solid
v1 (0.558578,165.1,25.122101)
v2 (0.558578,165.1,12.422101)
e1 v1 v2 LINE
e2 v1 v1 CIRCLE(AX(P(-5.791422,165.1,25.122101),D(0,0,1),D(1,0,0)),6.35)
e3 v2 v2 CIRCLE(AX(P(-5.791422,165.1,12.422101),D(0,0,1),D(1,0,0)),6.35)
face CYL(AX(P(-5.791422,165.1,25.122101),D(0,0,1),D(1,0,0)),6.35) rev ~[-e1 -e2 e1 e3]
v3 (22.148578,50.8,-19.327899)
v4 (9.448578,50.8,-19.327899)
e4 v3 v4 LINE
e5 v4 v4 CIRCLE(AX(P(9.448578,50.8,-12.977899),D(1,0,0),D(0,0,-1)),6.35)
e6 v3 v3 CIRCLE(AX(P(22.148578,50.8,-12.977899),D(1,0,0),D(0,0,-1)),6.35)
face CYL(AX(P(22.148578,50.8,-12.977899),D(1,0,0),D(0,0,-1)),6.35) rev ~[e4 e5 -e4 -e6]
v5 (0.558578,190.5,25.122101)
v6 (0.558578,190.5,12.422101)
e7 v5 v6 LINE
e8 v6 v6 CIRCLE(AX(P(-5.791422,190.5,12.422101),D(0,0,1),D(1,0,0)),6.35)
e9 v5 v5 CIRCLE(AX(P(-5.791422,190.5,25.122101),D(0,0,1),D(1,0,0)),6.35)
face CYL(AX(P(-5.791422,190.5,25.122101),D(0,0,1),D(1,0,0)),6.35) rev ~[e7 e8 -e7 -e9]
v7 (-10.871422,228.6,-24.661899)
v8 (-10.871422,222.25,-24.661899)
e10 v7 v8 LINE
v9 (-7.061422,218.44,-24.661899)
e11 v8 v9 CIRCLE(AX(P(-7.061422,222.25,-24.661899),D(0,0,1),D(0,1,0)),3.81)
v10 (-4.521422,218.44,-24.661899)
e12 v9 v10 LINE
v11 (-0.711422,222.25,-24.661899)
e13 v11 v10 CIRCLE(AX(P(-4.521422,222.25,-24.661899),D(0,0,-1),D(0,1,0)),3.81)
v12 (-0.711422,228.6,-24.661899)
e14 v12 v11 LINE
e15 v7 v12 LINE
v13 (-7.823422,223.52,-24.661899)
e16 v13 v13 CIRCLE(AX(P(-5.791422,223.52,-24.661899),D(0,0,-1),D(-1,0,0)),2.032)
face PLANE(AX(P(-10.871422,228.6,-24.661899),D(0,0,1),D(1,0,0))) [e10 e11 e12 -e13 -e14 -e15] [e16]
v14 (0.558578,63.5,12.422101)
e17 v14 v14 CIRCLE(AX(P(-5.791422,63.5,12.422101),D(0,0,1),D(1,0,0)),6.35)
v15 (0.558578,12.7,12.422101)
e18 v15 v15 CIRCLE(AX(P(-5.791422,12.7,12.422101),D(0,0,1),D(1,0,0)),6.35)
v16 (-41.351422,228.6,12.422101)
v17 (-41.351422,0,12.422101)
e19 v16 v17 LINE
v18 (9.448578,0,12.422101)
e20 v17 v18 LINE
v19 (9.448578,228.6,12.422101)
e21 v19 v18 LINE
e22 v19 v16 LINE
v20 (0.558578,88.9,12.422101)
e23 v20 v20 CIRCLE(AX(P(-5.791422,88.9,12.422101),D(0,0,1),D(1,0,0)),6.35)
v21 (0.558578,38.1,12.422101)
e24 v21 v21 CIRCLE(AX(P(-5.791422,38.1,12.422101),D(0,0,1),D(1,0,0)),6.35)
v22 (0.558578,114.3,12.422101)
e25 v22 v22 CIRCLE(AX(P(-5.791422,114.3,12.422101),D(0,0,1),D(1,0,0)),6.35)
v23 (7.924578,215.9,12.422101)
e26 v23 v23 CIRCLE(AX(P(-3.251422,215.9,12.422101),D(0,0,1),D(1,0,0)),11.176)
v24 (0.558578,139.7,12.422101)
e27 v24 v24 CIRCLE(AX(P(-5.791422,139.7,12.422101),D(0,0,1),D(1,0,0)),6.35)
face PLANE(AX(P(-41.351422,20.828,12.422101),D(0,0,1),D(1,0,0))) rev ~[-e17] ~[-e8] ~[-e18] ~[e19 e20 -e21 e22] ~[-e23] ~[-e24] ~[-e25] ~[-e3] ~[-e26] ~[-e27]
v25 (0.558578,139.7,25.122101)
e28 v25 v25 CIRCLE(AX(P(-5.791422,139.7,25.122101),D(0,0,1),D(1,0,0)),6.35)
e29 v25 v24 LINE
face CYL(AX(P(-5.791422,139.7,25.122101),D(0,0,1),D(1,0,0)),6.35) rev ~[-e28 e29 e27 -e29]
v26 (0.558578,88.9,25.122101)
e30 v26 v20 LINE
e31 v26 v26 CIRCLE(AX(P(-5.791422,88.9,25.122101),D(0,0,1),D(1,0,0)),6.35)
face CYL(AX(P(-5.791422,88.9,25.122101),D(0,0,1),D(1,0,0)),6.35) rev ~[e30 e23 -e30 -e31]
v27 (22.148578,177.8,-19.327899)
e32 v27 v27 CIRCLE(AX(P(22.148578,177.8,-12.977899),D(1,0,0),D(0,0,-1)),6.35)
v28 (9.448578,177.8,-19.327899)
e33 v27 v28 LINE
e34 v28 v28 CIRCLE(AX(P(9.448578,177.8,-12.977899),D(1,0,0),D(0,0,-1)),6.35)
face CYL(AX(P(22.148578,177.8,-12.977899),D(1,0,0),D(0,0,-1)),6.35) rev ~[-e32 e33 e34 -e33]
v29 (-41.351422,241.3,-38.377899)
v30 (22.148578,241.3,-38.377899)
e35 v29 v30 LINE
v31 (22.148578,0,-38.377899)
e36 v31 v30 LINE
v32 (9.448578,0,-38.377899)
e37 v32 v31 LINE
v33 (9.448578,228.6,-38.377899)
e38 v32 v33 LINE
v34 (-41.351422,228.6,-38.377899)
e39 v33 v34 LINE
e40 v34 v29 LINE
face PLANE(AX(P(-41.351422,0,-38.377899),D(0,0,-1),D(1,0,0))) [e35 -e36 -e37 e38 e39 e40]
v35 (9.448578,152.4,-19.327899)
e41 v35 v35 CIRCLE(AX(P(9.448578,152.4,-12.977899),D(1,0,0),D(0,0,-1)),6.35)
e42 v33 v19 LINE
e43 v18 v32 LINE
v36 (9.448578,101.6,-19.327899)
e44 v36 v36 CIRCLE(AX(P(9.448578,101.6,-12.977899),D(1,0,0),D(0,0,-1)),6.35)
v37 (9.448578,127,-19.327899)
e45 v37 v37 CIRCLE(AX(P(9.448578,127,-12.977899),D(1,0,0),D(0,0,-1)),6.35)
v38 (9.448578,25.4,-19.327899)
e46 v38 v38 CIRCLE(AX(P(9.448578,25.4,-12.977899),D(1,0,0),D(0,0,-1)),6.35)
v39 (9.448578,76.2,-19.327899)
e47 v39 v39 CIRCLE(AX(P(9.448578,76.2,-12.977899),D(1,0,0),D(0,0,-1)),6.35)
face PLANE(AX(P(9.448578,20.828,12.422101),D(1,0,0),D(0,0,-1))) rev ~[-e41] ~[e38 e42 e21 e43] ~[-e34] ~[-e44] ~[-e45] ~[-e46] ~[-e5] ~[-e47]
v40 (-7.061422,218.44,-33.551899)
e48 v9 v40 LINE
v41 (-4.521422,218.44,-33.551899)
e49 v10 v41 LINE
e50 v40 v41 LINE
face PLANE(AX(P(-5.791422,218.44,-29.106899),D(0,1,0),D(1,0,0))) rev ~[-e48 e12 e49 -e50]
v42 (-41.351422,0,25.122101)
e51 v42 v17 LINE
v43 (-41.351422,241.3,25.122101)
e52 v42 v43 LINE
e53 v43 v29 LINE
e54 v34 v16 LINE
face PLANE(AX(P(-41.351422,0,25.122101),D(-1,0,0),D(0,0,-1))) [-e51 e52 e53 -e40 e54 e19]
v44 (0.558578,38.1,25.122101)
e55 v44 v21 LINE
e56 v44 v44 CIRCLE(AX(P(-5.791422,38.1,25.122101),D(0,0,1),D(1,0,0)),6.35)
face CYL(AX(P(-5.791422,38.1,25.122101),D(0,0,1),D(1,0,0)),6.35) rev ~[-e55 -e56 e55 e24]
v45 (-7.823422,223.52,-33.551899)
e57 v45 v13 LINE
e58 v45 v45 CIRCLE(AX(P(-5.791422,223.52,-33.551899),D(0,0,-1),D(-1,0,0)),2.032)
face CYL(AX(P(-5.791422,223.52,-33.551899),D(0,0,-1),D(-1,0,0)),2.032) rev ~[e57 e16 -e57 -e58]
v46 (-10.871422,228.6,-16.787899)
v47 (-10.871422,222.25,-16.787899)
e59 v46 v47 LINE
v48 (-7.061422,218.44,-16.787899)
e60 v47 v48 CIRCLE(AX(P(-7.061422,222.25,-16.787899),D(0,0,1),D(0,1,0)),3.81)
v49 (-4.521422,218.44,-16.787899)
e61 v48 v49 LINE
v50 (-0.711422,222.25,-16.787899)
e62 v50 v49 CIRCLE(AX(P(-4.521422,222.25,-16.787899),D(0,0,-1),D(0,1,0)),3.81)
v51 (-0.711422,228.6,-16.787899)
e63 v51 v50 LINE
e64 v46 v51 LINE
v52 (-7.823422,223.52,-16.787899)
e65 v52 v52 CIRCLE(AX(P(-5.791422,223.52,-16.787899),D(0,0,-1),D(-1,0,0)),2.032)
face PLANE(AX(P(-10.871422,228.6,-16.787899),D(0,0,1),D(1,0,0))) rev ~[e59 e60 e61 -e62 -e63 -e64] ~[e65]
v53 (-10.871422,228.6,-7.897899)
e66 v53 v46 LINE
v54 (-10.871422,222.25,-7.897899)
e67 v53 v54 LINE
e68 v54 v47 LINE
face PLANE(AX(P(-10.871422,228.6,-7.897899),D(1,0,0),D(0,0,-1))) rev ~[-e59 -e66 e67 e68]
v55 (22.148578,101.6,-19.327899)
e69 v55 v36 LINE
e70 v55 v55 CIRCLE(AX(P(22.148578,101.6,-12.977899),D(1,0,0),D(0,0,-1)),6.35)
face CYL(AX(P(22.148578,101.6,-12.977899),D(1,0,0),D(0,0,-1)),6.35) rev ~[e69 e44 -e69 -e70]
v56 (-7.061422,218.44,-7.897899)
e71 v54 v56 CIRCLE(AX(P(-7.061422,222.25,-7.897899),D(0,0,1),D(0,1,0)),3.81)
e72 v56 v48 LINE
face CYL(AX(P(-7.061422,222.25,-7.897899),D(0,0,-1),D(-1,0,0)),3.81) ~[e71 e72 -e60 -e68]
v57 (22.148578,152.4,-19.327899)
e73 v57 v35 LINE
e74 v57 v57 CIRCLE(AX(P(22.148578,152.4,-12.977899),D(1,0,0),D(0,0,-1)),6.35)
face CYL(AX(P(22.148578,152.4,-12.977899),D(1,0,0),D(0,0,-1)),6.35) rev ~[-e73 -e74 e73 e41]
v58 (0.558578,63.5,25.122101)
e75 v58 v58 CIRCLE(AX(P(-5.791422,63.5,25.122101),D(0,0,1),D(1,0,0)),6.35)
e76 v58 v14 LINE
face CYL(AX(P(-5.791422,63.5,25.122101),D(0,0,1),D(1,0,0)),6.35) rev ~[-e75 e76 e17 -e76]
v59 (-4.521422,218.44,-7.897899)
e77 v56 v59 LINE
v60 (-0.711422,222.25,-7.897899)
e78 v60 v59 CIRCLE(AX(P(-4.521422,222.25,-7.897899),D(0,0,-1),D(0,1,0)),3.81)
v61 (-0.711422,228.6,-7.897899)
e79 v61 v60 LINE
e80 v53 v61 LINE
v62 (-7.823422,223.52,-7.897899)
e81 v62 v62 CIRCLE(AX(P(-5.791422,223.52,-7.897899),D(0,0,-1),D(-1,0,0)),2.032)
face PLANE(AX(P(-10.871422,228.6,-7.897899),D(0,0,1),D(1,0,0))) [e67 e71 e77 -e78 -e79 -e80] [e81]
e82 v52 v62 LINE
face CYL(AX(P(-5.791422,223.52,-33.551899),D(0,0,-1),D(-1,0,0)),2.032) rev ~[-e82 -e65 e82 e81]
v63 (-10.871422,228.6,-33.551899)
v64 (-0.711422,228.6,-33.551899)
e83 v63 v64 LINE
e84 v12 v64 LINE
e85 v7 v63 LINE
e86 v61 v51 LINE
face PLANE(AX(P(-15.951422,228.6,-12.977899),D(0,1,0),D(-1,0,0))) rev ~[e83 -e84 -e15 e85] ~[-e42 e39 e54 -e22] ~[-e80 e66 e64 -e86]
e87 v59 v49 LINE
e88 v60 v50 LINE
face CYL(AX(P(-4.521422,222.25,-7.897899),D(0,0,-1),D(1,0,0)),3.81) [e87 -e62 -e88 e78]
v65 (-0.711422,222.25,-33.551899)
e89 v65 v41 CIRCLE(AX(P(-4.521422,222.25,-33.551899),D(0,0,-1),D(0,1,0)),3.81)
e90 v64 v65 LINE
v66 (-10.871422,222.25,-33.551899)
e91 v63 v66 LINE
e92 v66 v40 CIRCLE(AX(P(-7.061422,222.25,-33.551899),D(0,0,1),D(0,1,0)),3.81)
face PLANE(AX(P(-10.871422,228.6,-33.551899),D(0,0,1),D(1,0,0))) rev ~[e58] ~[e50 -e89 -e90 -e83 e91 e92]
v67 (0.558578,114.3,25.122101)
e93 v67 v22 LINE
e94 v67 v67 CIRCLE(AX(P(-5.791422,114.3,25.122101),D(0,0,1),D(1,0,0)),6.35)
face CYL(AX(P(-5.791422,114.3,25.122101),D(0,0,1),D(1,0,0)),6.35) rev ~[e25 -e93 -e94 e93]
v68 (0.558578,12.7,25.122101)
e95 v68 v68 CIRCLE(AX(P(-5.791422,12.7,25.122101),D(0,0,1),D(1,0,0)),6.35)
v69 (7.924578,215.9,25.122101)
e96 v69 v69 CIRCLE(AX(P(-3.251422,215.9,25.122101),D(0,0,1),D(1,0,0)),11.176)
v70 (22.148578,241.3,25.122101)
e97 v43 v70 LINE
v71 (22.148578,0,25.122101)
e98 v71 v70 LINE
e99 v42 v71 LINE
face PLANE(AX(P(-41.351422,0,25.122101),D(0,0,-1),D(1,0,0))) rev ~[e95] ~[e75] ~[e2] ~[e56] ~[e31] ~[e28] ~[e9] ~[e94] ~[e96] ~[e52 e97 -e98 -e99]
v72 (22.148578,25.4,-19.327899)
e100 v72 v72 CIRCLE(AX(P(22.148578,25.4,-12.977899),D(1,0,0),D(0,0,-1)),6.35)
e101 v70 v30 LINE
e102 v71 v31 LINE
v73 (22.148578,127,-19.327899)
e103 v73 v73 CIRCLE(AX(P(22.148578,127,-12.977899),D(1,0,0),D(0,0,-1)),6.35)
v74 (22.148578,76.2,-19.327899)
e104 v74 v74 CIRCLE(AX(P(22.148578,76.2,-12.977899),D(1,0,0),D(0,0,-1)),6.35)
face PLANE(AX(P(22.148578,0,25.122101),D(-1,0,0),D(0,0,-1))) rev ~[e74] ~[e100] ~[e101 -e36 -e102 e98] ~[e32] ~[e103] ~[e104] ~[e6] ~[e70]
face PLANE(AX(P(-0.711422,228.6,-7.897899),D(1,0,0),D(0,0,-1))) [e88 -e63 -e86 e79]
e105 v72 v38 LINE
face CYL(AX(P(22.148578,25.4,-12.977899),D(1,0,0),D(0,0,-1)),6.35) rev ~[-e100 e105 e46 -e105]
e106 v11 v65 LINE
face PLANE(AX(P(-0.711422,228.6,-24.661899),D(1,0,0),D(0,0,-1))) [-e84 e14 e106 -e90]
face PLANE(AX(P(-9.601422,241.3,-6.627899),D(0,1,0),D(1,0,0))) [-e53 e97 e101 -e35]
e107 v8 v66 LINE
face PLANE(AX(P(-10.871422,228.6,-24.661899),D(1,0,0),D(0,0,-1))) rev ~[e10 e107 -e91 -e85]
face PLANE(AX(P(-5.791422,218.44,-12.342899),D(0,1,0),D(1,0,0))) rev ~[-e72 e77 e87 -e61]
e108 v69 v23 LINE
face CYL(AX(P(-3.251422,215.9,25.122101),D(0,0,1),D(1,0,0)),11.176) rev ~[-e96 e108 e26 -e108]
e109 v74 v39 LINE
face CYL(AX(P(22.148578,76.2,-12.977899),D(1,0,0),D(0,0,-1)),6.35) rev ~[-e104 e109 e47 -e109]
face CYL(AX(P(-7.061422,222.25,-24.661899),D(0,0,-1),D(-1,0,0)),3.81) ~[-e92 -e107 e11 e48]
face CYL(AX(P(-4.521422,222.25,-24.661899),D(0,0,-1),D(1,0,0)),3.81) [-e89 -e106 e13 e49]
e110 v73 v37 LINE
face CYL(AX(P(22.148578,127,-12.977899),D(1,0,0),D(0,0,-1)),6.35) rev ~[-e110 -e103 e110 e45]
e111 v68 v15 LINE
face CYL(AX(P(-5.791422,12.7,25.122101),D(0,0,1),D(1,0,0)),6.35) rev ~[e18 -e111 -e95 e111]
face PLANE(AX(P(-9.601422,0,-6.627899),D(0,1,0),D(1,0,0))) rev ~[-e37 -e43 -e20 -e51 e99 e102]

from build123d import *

# Parameters (mm, degrees)
SKETCH2_W           = 63.5
SKETCH2_H           = 63.5
BOSS_EXTRUDE1_DEPTH = 241.3
SKETCH4_W           = 50.8
SKETCH4_H           = 50.8
CUT_EXTRUDE1_DEPTH  = 95.25
SKETCH5_R           = 6.35
CUT_EXTRUDE2_DEPTH  = 64.5
SKETCH6_R           = 6.35
CUT_EXTRUDE3_DEPTH  = 12.7
CUT_EXTRUDE4_DEPTH  = 21.828
CUT_EXTRUDE8_START  = -17.272
CUT_EXTRUDE8_DEPTH  = 17.272
SKETCH43_W          = 10.16
SKETCH43_H          = 8.89
BOSS_EXTRUDE4_DEPTH = 10.16
SKETCH46_R          = 2.032
CUT_EXTRUDE10_DEPTH = 58.674
FILLET6_R           = 3.81
SKETCH48_R          = 11.176
CUT_EXTRUDE12_DEPTH = 12.7


with BuildPart() as part:
    # Sketch2 → Boss-Extrude1 (new body)
    with BuildSketch(Plane(origin=(0, 0, 0), x_dir=(1, 0, 0), z_dir=(0, 1, 0))):
        with Locations((-9.601422319, 6.627899344)):
            Rectangle(SKETCH2_W, SKETCH2_H)
    extrude(amount=BOSS_EXTRUDE1_DEPTH)

    # Sketch4 → Cut-Extrude1 (cut, symmetric)
    with BuildSketch(Plane(origin=(0, 116.078, 0), x_dir=(1, 0, 0), z_dir=(0, 1, 0))):
        with Locations((-15.951422319, 12.977899344)):
            Rectangle(SKETCH4_W, SKETCH4_H)
    extrude(amount=CUT_EXTRUDE1_DEPTH, both=True, mode=Mode.SUBTRACT)

    # Sketch5 → Cut-Extrude2 (cut, through all)
    with BuildSketch(Plane.XY.offset(25.122100656)):
        with Locations((-5.791422319, 12.7)):
            Circle(SKETCH5_R)
        with Locations((-5.791422319, 38.1)):
            Circle(SKETCH5_R)
        with Locations((-5.791422319, 63.5)):
            Circle(SKETCH5_R)
        with Locations((-5.791422319, 88.9)):
            Circle(SKETCH5_R)
        with Locations((-5.791422319, 114.3)):
            Circle(SKETCH5_R)
        with Locations((-5.791422319, 139.7)):
            Circle(SKETCH5_R)
        with Locations((-5.791422319, 165.1)):
            Circle(SKETCH5_R)
        with Locations((-5.791422319, 190.5)):
            Circle(SKETCH5_R)
    extrude(amount=-CUT_EXTRUDE2_DEPTH, mode=Mode.SUBTRACT)

    # Sketch6 → Cut-Extrude3 (cut)
    with BuildSketch(Plane(origin=(22.148577681, 0, 0), x_dir=(0, 0, -1), z_dir=(1, 0, 0))):
        with Locations((12.977899344, 25.4)):
            Circle(SKETCH6_R)
        with Locations((12.977899344, 50.8)):
            Circle(SKETCH6_R)
        with Locations((12.977899344, 76.2)):
            Circle(SKETCH6_R)
        with Locations((12.977899344, 101.6)):
            Circle(SKETCH6_R)
        with Locations((12.977899344, 127)):
            Circle(SKETCH6_R)
        with Locations((12.977899344, 152.4)):
            Circle(SKETCH6_R)
        with Locations((12.977899344, 177.8)):
            Circle(SKETCH6_R)
    extrude(amount=-CUT_EXTRUDE3_DEPTH, mode=Mode.SUBTRACT)

    # Sketch7 → Cut-Extrude4 (cut, through all)
    with BuildSketch(Plane(origin=(0, 20.828, 0), x_dir=(1, 0, 0), z_dir=(0, 1, 0))):
        Polygon((-41.351422319, 38.377899344), (9.448577681, 38.377899344), (9.448577681, 0.277899344), (9.448577681, -12.422100656), (-3.251422319, -12.422100656), (-41.351422319, -12.422100656), align=None)
    extrude(amount=-CUT_EXTRUDE4_DEPTH, mode=Mode.SUBTRACT)

    # Sketch42 → Cut-Extrude8 (cut)
    with BuildSketch(Plane.XZ.offset(-211.328).offset(CUT_EXTRUDE8_START)):
        Polygon((-3.251422319, 12.422100656), (9.448577681, 12.422100656), (9.448577681, -0.277899344), (9.448577681, -38.377899344), (-41.351422319, -38.377899344), (-41.351422319, 12.422100656), align=None)
    extrude(amount=CUT_EXTRUDE8_DEPTH, mode=Mode.SUBTRACT)

    # Sketch43 → Boss-Extrude4 (add)
    with BuildSketch(Plane(origin=(0, 228.6, 0), x_dir=(1, 0, 0), z_dir=(0, 1, 0))):
        with Locations((-5.791422319, 29.106899344)):
            Rectangle(SKETCH43_W, SKETCH43_H)
        with Locations((-5.791422319, 12.342899344)):
            Rectangle(SKETCH43_W, SKETCH43_H)
    extrude(amount=-BOSS_EXTRUDE4_DEPTH)

    # Sketch46 → Cut-Extrude10 (cut)
    with BuildSketch(Plane(origin=(0, 0, -33.551899344), x_dir=(-1, 0, 0), z_dir=(0, 0, -1))):
        with Locations((5.791422319, 223.52)):
            Circle(SKETCH46_R)
    extrude(amount=-CUT_EXTRUDE10_DEPTH, mode=Mode.SUBTRACT)

    # Fillet6
    fillet6_edges = [part.edges().sort_by_distance(p)[0] for p in [
        (-10.871422319, 218.44, -29.106899344),
        (-0.711422319, 218.44, -29.106899344),
        (-10.871422319, 218.44, -12.342899344),
        (-0.711422319, 218.44, -12.342899344),
    ]]
    fillet(fillet6_edges, radius=FILLET6_R)

    # Sketch48 → Cut-Extrude12 (cut)
    with BuildSketch(Plane.XY.offset(25.122100656)):
        with Locations((-3.251422319, 215.9)):
            Circle(SKETCH48_R)
    extrude(amount=-CUT_EXTRUDE12_DEPTH, mode=Mode.SUBTRACT)


solid = part.part
